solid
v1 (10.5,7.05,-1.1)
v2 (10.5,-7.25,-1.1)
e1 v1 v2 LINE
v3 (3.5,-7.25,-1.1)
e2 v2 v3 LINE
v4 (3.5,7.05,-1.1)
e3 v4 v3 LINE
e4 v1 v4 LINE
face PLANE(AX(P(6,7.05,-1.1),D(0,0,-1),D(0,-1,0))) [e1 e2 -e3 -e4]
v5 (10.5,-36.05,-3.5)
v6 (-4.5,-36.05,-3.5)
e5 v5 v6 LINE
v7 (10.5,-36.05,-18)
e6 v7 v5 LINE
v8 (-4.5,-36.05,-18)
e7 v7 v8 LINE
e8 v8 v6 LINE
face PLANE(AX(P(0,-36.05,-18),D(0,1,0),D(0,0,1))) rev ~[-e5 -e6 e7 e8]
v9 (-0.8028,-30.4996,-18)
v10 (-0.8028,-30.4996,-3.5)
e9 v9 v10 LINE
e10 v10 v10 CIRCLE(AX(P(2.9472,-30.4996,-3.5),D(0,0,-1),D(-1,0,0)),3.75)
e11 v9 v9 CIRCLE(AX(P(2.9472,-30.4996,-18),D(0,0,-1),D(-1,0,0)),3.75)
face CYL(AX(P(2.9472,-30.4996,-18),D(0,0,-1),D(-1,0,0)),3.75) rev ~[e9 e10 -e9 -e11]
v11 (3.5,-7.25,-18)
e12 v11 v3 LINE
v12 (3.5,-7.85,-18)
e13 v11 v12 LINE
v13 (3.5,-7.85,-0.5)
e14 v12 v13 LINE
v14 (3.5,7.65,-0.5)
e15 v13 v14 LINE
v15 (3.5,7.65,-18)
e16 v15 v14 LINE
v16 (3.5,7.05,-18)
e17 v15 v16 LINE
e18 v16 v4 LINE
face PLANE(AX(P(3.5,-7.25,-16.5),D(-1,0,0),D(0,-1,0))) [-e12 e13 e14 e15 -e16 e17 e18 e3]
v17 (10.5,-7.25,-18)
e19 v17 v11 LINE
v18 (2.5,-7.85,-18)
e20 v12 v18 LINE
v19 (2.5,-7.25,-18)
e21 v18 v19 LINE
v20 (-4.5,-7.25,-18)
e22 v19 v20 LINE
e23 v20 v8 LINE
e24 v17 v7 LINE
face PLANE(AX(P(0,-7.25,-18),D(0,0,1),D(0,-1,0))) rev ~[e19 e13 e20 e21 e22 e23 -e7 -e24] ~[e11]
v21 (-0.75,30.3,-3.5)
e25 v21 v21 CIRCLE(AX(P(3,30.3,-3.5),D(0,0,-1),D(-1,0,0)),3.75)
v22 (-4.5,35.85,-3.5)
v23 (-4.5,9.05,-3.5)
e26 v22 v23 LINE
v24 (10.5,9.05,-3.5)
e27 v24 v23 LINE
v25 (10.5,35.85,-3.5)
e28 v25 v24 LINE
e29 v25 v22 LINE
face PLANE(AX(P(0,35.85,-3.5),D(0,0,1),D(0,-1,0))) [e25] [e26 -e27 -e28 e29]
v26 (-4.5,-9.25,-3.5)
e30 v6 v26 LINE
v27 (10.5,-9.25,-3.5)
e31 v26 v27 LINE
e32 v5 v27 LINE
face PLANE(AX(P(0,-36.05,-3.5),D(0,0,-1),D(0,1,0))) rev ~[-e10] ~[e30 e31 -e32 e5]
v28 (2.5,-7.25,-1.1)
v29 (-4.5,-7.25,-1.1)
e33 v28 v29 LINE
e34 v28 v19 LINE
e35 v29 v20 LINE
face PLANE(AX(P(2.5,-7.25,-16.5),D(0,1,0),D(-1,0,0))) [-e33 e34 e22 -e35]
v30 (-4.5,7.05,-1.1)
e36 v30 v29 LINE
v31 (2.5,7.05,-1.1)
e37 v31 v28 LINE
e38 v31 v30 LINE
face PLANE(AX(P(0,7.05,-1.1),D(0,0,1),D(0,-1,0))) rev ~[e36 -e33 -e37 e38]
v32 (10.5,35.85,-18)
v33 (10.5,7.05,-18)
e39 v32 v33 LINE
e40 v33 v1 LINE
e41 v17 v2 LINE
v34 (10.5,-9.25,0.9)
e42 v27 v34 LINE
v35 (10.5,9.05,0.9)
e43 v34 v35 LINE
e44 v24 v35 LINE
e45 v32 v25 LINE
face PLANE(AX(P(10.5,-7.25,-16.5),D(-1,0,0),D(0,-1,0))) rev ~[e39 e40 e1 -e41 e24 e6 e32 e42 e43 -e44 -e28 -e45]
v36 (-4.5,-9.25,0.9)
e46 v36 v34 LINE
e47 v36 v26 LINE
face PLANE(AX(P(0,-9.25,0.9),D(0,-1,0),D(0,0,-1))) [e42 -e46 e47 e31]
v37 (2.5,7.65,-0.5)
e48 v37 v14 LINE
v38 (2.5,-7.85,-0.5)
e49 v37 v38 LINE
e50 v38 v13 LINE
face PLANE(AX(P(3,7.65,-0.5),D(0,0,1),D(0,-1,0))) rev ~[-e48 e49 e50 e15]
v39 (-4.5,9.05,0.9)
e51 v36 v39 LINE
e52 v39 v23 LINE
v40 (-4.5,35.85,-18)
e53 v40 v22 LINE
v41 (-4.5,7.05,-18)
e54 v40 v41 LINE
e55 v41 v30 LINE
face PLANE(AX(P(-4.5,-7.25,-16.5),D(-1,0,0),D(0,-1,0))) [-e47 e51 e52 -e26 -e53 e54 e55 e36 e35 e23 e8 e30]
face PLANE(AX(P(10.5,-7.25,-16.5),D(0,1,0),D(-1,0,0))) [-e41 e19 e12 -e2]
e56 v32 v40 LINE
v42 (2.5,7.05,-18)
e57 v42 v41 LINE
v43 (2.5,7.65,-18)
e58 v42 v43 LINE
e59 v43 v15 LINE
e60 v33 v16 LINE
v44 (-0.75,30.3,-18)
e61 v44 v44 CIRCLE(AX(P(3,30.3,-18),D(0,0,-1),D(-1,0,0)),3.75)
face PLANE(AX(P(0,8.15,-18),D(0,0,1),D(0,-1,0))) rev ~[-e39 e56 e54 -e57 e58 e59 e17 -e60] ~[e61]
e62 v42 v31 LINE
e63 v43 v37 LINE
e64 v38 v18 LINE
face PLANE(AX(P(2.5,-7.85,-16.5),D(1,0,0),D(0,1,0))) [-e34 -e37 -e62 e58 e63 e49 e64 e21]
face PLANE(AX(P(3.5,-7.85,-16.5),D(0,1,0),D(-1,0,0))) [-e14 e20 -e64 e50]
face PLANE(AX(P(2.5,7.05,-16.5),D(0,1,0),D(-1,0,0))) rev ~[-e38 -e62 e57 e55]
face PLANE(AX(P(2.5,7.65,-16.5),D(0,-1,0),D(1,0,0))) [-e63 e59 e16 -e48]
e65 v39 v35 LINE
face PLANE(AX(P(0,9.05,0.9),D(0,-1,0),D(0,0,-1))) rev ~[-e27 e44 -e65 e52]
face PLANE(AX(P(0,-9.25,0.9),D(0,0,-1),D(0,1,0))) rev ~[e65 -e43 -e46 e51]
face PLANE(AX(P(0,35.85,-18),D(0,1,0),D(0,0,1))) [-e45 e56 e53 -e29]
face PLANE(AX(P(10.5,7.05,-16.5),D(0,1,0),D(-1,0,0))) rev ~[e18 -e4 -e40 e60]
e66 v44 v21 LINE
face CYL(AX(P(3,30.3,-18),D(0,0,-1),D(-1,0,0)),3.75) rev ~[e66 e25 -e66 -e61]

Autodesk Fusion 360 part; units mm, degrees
sketch "Sketch Metalens Holder" plane through (0, 0, 0) normal (1, 0, 0) x (0, 0, -1)
  line L0 (0, 8.15) -> (16.5, 8.15)
  line L1 (16.5, 8.15) -> (16.5, -8.35)
  line L2 (16.5, -8.35) -> (0, -8.35)
  line L3 (0, -8.35) -> (0, 8.15)
  dimension "d3" = 16.5
  dimension "d4" = 16.5
extrude "Extrude Metalens Holder" add sketch "Sketch Metalens Holder" along normal blind 6
shell "Shell Metalens Holder" thickness 1.1 removed faces 2 at (6, 2.65, -5.5) at (0, 2.65, -5.5)
sketch "Sketch Screwing Parts" plane through (0, 0, 0) normal (1, 0, 0) x (0, 0, -1)
  line L0 (0, -8.35) -> (16.5, -8.35)
  line L1 (3.5, 8.15) -> (18, 8.15)
  line L2 (18, 8.15) -> (18, 35.85)
  line L3 (18, 35.85) -> (3.5, 35.85)
  line L4 (3.5, 35.85) -> (3.5, 8.15)
  line L5 (3.5, -8.35) -> (18, -8.35)
  line L6 (18, -8.35) -> (18, -36.05)
  line L7 (18, -36.05) -> (3.5, -36.05)
  line L8 (3.5, -36.05) -> (3.5, -8.35)
  line L9 (16.5, -8.35) -> (16.5, 8.15)
  point P0 (0, 8.15)
  dimension "d144" = 3.5
  dimension "d145" = 27.7
  dimension "d148" = 27.7
  dimension "d163" = 1.5
  dimension "d164" = 3.5
extrude "Extrude31" add sketch "Sketch Screwing Parts" along normal blind 6
ref_plane "WorkPlane1" through (3, -0.1, -8.25) normal (-1, 0, 0) x (0, 0, 1)
sketch "Sketch Inside Slit" plane through (3, 0, 0) normal (-1, 0, 0) x (0, 0, 1)
  line L0 (-15.4, 7.05) -> (-15.4, -7.25)
  line L1 (-16, 7.65) -> (-0.5, 7.65)
  line L2 (-0.5, 7.65) -> (-0.5, -7.85)
  line L3 (-0.5, -7.85) -> (-16, -7.85)
  line L4 (-16, -7.85) -> (-16, 7.65)
  line L5 (-15.4, 7.05) -> (-1.1, 7.05)
  line L6 (-1.1, 7.05) -> (-1.1, -7.25)
  line L7 (-1.1, -7.25) -> (-15.4, -7.25)
  line L8 (-15.4, -7.25) -> (-15.4, 7.05)
  line L9 (-15.4, 7.05) -> (-16, 7.05)
  line L10 (-1.1, 7.05) -> (-0.5, 7.05)
  line L11 (-1.1, -7.25) -> (-0.5, -7.25)
  line L12 (-15.4, -7.25) -> (-16, -7.25)
  point P0 (-1.1, -7.25)
  point P1 (-1.1, 7.05)
  dimension "d91" = 15.5
extrude "Extrude Inside Slit" cut sketch "Sketch Inside Slit" along normal mid plane 1 contours L2 L6 L10 L11
extrude "Extrude Inside Slit Bis" cut sketch "Sketch Inside Slit" along normal mid plane 1 contours L1 L2 L4 L5 L9 L10
extrude "Extrude Inside Slit BisBis" cut sketch "Sketch Inside Slit" along normal mid plane 1 contours L0 L4 L8 L9 L12
extrude "Extrude Inside Slit BisBisBis" cut sketch "Sketch Inside Slit" along normal mid plane 1
extrude "Extrude" cut 1 faces at (0.8333, 2.2833, -15.4) along direction (0, 0, -1) blind 1.1
extrude "Extrude22" cut 1 faces at (4.3333, 2.2833, -15.4) along direction (0, 0, -1) blind 1.1
extrude "Extrude23" cut 1 faces at (2.8333, -2.4833, -16) along direction (0, 0, -1) blind 0.5
extrude "Extrude24" add 1 faces at (2, -2.85, 0) along direction (0, 0, 1) blind 0.9
extrude "Extrude25" add 2 faces at (2, 8.15, -2.0333) (2, 8.15, -2.0333) along direction (0, 1, 0) blind 0.9
extrude "Extrude26" add 2 faces at (2, -8.35, -2.0333) (2, -8.35, -2.0333) along direction (0, -1, 0) blind 0.9
extrude "Extrude27" add 1 faces at (6, 26.9167, -8.3333) along direction (1, 0, 0) blind 4.5
extrude "Extrude28" add 1 faces at (0, 26.9167, -8.3333) along direction (-1, 0, 0) blind 4.5
extrude "Extrude29" add 1 faces at (-2.1667, 7.6167, -16.5) along direction (0, 0, -1) blind 1.5
extrude "Extrude30" add 1 faces at (-2.1667, -7.8167, -16.5) along direction (0, 0, -1) blind 1.5
sketch "Sketch11" plane through (0, 0, -18) normal (0, 0, -1) x (-1, 0, 0)
  line L0 (4.5, 35.85) -> (-10.5, 35.85)
  line L1 (-10.5, 35.85) -> (-10.5, 7.05)
  line L2 (-10.5, 7.05) -> (-3.5, 7.05)
  line L3 (-3.5, 7.05) -> (-3.5, 7.65)
  line L4 (-3.5, 7.65) -> (-2.5, 7.65)
  line L5 (-2.5, 7.65) -> (-2.5, 7.05)
  line L6 (4.5, 7.05) -> (4.5, 35.85)
  circle A0 centre (-3, 30.3) radius 3.75
  line L7 (-2.5, 7.05) -> (4.5, 7.05)
  dimension "d154" = 7.5
extrude "Extrude32" cut sketch "Sketch11" against normal blind 14.5 contours A0
sketch "Sketch12" plane through (0, 0, -18) normal (0, 0, -1) x (-1, 0, 0)
  line L0 (-10.5, -7.25) -> (-10.5, -36.05)
  line L1 (-10.5, -36.05) -> (4.5, -36.05)
  line L2 (4.5, -36.05) -> (4.5, -7.25)
  line L3 (4.5, -7.25) -> (-2.5, -7.25)
  line L4 (-2.5, -7.25) -> (-2.5, -7.85)
  line L5 (-2.5, -7.85) -> (-3.5, -7.85)
  line L6 (-3.5, -7.85) -> (-3.5, -7.25)
  line L7 (-3.5, -7.25) -> (-10.5, -7.25)
  circle A0 centre (-2.9472, -30.4996) radius 3.75
  dimension "d159" = 7.5
extrude "Extrude33" cut sketch "Sketch12" against normal blind 14.5 contours A0
